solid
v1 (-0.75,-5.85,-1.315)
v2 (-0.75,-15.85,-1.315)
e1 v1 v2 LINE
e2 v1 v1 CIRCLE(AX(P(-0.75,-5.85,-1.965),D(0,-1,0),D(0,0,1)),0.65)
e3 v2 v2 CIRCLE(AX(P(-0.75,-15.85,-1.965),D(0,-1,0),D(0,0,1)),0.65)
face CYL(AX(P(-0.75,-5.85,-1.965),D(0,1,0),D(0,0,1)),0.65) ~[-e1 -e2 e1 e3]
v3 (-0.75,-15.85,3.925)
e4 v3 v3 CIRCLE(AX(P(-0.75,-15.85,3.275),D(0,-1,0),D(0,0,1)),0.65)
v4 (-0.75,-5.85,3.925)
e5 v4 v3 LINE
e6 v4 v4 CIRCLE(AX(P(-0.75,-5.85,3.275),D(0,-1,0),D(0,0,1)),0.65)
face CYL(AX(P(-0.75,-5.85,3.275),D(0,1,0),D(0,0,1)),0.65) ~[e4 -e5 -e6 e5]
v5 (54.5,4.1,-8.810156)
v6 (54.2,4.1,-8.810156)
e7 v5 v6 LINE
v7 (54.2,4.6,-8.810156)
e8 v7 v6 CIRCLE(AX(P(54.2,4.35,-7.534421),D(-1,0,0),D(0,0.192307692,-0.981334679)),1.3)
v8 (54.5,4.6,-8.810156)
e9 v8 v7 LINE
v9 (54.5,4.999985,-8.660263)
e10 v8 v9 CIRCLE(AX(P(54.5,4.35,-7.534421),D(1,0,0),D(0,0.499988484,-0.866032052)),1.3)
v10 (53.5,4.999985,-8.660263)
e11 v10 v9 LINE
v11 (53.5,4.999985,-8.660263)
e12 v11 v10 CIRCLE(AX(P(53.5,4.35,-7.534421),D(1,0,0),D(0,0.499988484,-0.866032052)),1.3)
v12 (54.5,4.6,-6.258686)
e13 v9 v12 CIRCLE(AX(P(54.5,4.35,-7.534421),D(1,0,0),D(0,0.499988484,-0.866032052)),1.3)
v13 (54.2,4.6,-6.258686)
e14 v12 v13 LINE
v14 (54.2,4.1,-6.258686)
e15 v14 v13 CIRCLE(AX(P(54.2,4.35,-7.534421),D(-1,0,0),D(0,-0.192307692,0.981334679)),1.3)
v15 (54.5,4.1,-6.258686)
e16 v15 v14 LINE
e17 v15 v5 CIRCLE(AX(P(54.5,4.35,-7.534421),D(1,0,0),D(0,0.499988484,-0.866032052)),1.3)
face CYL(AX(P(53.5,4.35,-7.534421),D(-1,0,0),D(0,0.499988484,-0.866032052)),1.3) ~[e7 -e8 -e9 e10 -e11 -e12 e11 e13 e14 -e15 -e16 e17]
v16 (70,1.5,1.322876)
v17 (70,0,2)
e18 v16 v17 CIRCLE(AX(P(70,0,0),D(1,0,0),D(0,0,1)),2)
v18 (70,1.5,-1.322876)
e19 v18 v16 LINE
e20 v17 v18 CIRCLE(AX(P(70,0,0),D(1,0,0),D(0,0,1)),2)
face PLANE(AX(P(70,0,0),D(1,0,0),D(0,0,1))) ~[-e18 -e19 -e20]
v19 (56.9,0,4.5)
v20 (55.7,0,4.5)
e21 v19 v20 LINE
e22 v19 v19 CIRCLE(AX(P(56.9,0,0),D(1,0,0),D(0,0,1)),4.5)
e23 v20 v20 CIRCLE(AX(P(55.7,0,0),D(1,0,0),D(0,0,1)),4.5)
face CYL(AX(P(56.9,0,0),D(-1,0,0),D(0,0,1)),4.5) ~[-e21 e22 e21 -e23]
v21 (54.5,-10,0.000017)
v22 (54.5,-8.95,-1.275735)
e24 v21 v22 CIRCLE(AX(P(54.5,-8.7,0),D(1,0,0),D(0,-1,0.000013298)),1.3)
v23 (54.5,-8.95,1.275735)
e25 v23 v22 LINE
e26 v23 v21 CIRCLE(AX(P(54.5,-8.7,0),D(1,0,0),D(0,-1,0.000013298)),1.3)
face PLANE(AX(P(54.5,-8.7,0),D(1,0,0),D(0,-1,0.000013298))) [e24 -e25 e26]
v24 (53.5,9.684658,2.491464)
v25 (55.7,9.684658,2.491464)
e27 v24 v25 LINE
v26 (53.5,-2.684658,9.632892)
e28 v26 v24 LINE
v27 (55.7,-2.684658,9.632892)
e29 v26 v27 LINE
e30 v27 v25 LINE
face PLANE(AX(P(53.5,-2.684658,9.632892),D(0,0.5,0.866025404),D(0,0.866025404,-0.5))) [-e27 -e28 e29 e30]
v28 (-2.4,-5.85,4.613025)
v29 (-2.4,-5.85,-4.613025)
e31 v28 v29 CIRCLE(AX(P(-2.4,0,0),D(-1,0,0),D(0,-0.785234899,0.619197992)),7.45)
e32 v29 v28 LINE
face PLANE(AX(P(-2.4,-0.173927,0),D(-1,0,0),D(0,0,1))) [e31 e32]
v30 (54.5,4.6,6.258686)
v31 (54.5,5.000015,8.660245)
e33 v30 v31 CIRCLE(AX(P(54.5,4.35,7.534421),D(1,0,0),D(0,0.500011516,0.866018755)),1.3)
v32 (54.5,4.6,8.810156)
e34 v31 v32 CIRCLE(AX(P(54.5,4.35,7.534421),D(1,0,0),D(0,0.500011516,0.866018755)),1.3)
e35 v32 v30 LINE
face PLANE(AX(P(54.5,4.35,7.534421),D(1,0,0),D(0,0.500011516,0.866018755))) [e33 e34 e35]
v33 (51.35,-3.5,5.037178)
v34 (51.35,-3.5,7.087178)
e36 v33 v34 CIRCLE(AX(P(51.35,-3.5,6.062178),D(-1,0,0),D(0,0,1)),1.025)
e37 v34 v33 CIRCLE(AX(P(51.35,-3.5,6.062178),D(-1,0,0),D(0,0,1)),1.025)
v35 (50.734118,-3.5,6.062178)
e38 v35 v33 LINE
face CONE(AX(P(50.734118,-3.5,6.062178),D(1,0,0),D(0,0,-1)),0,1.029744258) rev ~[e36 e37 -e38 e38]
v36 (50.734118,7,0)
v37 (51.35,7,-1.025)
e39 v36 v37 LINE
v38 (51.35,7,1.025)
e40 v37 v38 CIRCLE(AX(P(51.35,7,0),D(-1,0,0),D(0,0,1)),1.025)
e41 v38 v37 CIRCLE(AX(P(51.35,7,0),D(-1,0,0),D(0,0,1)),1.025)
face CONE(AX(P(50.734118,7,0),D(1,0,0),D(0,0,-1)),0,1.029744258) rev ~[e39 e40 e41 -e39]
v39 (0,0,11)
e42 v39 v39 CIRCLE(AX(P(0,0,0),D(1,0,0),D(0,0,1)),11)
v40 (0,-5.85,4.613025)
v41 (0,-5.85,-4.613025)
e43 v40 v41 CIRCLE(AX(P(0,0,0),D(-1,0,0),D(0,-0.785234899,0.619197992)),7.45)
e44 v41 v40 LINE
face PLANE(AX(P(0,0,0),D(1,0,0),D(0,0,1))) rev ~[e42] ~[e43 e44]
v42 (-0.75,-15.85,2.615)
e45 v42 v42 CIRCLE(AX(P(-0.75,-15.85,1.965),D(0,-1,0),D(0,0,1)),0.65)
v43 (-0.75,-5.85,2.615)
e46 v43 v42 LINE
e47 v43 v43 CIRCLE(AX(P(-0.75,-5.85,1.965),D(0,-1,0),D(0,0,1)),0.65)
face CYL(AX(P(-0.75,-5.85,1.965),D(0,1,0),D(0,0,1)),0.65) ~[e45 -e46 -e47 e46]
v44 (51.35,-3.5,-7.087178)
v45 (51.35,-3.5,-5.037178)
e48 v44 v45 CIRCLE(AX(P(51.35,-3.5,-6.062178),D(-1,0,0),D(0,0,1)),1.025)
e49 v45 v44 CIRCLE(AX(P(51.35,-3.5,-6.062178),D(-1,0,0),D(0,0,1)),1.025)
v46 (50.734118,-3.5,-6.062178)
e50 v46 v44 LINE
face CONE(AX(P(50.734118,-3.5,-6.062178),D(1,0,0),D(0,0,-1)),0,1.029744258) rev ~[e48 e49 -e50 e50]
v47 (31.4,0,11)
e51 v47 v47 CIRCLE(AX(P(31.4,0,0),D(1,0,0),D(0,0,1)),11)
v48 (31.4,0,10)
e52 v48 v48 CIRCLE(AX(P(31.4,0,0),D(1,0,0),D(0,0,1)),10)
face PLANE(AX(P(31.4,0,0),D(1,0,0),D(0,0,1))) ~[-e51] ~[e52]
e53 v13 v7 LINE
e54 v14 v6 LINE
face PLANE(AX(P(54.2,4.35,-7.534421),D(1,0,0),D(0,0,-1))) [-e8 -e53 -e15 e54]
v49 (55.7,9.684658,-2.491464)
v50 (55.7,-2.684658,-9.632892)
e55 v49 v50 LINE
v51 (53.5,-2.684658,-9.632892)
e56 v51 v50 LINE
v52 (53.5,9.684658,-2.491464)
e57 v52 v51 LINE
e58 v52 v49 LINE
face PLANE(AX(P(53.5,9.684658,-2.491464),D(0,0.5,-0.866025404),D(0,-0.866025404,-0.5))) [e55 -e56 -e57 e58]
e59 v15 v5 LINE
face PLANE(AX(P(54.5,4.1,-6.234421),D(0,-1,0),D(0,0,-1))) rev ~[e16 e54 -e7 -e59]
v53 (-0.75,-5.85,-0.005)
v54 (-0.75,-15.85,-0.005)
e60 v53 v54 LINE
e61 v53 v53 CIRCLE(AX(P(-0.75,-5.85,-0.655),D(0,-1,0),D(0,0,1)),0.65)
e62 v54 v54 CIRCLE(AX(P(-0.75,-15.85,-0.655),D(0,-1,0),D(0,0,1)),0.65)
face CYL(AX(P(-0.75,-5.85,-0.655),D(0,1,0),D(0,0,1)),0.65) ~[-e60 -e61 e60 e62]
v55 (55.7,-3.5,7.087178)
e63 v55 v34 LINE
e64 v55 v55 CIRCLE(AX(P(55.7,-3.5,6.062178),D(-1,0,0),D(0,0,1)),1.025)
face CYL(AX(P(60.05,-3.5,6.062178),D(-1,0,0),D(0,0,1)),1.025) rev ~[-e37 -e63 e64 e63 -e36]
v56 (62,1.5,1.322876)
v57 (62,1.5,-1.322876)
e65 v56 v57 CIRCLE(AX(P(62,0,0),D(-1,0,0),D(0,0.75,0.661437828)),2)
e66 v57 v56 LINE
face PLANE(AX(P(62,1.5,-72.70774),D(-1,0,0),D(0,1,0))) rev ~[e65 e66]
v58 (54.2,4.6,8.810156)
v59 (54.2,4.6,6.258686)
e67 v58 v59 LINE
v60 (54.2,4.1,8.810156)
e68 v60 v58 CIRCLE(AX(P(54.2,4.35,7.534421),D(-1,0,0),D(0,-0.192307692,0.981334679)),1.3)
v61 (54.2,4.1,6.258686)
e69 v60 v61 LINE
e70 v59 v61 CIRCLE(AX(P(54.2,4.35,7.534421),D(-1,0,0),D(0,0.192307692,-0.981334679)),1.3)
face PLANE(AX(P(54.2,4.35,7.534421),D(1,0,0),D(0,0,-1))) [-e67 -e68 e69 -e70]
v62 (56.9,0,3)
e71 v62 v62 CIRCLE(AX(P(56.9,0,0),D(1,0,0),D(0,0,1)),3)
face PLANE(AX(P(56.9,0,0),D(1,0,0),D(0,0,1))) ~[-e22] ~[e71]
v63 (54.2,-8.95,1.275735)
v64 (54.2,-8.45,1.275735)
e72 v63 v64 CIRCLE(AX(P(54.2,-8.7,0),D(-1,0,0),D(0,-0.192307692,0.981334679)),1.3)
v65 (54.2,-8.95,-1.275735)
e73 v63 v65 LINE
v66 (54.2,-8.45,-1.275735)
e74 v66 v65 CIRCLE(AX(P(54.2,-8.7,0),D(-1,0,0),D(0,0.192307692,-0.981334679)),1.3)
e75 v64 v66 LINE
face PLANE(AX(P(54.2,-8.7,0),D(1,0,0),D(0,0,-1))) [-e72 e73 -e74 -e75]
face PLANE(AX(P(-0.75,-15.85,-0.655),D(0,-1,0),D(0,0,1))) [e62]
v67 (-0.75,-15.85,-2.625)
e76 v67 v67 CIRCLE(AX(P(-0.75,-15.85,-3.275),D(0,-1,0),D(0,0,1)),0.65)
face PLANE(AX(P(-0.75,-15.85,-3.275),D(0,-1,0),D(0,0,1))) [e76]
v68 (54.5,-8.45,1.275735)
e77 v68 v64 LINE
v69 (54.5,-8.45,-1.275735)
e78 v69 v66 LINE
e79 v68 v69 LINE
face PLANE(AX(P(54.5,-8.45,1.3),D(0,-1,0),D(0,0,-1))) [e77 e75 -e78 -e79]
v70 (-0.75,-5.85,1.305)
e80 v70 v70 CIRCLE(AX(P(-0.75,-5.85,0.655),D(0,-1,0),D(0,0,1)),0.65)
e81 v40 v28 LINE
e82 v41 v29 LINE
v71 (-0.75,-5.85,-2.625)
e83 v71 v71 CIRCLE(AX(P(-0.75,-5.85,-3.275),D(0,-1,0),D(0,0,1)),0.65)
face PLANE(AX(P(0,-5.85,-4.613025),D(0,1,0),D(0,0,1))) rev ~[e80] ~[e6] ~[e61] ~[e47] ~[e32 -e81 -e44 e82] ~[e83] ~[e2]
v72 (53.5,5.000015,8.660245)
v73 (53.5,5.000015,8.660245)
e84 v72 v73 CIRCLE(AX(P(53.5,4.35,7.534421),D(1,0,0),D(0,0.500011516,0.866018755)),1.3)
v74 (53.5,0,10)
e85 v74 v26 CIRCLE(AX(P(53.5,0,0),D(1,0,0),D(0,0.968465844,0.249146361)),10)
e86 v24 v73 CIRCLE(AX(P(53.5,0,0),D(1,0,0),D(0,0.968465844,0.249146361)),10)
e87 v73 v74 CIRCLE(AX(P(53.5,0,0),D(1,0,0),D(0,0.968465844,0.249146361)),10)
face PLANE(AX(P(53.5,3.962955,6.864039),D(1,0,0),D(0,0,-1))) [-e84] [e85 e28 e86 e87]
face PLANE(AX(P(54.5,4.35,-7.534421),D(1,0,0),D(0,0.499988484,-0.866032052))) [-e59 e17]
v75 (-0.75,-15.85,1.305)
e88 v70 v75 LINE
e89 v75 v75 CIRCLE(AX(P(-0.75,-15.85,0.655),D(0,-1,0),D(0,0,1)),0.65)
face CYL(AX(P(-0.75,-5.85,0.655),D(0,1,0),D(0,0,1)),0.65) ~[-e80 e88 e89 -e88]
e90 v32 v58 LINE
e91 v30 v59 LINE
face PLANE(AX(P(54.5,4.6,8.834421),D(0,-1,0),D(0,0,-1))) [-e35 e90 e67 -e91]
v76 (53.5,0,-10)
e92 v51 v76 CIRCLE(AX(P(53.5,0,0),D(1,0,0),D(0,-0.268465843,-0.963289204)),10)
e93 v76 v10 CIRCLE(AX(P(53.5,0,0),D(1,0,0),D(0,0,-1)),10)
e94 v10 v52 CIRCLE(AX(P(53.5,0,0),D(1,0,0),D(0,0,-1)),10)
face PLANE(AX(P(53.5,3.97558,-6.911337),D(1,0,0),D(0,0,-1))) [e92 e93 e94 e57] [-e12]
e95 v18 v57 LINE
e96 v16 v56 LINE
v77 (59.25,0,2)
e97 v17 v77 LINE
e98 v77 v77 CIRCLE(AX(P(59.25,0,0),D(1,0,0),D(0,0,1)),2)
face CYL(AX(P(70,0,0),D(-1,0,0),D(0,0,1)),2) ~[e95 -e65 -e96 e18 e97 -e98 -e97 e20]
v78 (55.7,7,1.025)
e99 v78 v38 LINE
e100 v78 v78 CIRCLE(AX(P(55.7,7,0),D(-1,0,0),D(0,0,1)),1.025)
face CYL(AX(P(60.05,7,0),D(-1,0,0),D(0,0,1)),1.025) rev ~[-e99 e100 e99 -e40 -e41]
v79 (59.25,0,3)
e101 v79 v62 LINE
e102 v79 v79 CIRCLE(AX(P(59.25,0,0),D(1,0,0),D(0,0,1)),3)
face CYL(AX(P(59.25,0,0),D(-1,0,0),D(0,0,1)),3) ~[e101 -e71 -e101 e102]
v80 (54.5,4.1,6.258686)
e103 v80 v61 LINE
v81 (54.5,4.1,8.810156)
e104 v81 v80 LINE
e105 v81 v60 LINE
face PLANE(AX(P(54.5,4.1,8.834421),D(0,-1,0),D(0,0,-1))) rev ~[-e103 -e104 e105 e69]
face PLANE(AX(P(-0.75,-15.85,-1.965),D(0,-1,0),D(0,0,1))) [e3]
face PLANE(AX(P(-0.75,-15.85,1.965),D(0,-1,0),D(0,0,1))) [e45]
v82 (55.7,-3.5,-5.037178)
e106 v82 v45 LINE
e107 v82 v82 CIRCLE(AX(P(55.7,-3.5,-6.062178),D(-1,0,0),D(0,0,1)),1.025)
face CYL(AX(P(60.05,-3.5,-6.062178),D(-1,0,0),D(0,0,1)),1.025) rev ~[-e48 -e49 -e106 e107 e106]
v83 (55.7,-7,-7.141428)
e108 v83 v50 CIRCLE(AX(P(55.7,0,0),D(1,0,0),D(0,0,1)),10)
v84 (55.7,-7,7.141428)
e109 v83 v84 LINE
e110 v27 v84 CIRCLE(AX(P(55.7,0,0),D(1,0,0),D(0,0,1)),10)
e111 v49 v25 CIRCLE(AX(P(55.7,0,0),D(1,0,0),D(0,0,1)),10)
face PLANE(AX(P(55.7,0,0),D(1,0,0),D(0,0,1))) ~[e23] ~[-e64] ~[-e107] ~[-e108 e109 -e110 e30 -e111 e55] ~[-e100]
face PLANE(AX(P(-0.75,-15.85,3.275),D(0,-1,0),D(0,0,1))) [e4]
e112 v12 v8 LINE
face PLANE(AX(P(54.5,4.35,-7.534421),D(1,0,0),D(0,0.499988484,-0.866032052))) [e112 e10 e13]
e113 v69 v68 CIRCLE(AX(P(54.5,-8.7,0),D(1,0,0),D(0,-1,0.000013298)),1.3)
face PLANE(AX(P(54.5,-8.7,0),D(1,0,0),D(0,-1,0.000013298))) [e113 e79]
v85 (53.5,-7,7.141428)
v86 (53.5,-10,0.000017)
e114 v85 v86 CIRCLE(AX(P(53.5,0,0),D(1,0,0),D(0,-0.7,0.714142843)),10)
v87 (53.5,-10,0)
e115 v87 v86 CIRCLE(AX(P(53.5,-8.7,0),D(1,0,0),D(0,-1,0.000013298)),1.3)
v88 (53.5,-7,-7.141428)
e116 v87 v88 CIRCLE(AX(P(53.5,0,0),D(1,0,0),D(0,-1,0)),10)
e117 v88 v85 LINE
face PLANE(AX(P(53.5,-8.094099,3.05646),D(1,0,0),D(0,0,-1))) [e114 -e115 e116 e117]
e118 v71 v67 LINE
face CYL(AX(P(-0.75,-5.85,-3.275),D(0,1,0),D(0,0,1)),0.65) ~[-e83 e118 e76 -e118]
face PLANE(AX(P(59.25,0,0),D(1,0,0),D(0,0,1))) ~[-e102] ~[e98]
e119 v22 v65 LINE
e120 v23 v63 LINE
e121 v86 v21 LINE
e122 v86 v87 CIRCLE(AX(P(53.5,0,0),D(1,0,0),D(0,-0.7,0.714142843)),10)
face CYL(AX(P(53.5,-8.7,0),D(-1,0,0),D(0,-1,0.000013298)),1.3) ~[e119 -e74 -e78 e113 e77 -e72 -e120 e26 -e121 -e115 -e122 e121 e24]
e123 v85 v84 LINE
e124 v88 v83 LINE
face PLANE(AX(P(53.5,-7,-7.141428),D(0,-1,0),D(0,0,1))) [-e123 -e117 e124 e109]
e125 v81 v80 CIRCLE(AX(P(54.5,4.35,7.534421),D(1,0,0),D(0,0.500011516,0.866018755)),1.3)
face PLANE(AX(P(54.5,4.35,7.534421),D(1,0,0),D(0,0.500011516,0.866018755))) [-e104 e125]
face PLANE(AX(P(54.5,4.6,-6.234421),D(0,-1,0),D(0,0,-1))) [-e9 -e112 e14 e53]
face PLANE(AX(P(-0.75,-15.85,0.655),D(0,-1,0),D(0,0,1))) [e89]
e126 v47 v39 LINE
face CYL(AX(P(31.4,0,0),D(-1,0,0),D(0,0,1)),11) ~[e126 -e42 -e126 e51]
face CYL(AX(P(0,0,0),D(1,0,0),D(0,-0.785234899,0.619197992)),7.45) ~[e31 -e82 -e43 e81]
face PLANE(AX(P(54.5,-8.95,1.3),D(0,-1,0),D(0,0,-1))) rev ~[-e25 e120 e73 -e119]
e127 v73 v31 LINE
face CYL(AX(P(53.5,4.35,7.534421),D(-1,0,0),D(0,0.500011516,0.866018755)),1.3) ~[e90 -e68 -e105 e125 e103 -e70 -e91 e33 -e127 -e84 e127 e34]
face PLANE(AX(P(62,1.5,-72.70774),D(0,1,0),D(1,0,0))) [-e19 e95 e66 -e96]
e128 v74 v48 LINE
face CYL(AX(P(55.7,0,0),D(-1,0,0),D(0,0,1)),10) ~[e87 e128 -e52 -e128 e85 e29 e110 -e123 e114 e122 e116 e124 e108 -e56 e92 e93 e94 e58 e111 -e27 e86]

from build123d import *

# Parameters (mm, degrees)
TROU_TARAUD_M2_51_D          = 2.05
TROU_TARAUD_M2_51_DEPTH      = 4.35
TROU_TARAUD_M2_51_TIP        = 0.615882135
ENL_V_START                  = -2.2
ENL_V_MAT_EXTRU_1_DEPTH      = 2.2
ESQUISSE5_R                  = 1.3
BOSS_EXTRU_1_DEPTH           = 1
ESQUISSE6_W                  = 2.6
ESQUISSE6_H                  = 0.5
ENL_V_MAT_EXTRU_2_DEPTH      = 0.3
ENL_V_MAT_EXTRU_3_DEPTH      = 72.707740168
ENL_V_MAT_EXTRU_3_DEPTH_BACK = 72.707740168
ESQUISSE7_W                  = 8
ESQUISSE7_H                  = 0.5
BOSS_EXTRU_2_DEPTH           = 2.4
ESQUISSE9_R                  = 0.65
BOSS_EXTRU_3_DEPTH           = 10


with BuildPart() as part:
    # Esquisse1 → Révolution1 (revolve)
    with BuildSketch(Plane.XY, mode=Mode.PRIVATE) as r_volution1_sk:
        Polygon((70, 0), (70, 2), (59.25, 2), (59.25, 3), (56.9, 3), (56.9, 4.5), (55.7, 4.5), (55.7, 10), (31.4, 10), (31.4, 11), (0, 11), (0, 0), align=None)
    revolve(r_volution1_sk.sketch.rotate(Axis((0, 0, 0), (1, 0, 0)), 90), axis=Axis((0, 0, 0), (1, 0, 0)))

    # Trou taraudé M2.51
    with Locations(Plane(origin=(55.7, 0, 0), x_dir=(0, 0, -1), z_dir=(1, 0, 0))):
        with Locations((0, 7), (-6.062177826, -3.5), (6.062177826, -3.5)):
            Hole(TROU_TARAUD_M2_51_D / 2, depth=TROU_TARAUD_M2_51_DEPTH)
            with Locations((0, 0, -(TROU_TARAUD_M2_51_DEPTH + TROU_TARAUD_M2_51_TIP / 2))):  # 118° drill point
                Cone(0, TROU_TARAUD_M2_51_D / 2, TROU_TARAUD_M2_51_TIP, mode=Mode.SUBTRACT)

    # Esquisse4 → Enlèv. mat.-Extru.1 (cut)
    with BuildSketch(Plane(origin=(55.7, 0, 0), x_dir=(0, 0, -1), z_dir=(1, 0, 0)).offset(ENL_V_START)):
        with BuildLine():
            Line((-9.632892041, -2.684658438), (-2.491463612, 9.684658438))
            ThreePointArc((-2.491463612, 9.684658438), (-8.660254038, 5), (-9.632892041, -2.684658438))
        make_face()
        with BuildLine():
            Line((0, -7), (-7.141428429, -7))
            ThreePointArc((-7.141428429, -7), (-3.872983346, -9.219544457), (0, -10))
            Line((0, -10), (0, -7))
        make_face()
        with BuildLine():
            ThreePointArc((0, -10), (3.872983346, -9.219544457), (7.141428429, -7))
            Line((7.141428429, -7), (0, -7))
            Line((0, -7), (0, -10))
        make_face()
        with BuildLine():
            ThreePointArc((10, 0), (7.902994247, 6.127208332), (2.491463612, 9.684658438))
            Line((2.491463612, 9.684658438), (9.632892041, -2.684658438))
            ThreePointArc((9.632892041, -2.684658438), (9.907797949, -1.354820946), (10, 0))
        make_face()
    extrude(amount=ENL_V_MAT_EXTRU_1_DEPTH, mode=Mode.SUBTRACT)

    # Esquisse5 → Boss.-Extru.1 (add)
    with BuildSketch(Plane(origin=(53.5, 0, 0), x_dir=(0, 0, -1), z_dir=(1, 0, 0))):
        with Locations(Location((-7.534421013, 4.35, 0), (0, 0, 149.999238117))):
            Circle(ESQUISSE5_R)
        with Locations(Location((7.534421013, 4.35, 0), (0, 0, 29.999238117))):
            Circle(ESQUISSE5_R)
        with Locations(Location((0, -8.7, 0), (0, 0, 269.999238081))):
            Circle(ESQUISSE5_R)
    extrude(amount=BOSS_EXTRU_1_DEPTH)

    # Esquisse6 → Enlèv. mat.-Extru.2 (cut)
    with BuildSketch(Plane(origin=(54.5, 0, 0), x_dir=(0, 0, -1), z_dir=(1, 0, 0))):
        with Locations((-7.534421013, 4.35)):
            Rectangle(ESQUISSE6_W, ESQUISSE6_H)
        with Locations((7.534421013, 4.35)):
            Rectangle(ESQUISSE6_W, ESQUISSE6_H)
        with Locations((0, -8.7)):
            Rectangle(ESQUISSE6_W, ESQUISSE6_H)
    extrude(amount=-ENL_V_MAT_EXTRU_2_DEPTH, mode=Mode.SUBTRACT)

    # Esquisse7 → Enlèv. mat.-Extru.3 (cut, two sides: drawn at the far end of the back side and taken through both)
    with BuildSketch(Plane.XY.offset(-ENL_V_MAT_EXTRU_3_DEPTH_BACK)):
        with Locations((66, 1.75)):
            Rectangle(ESQUISSE7_W, ESQUISSE7_H)
    extrude(amount=ENL_V_MAT_EXTRU_3_DEPTH + ENL_V_MAT_EXTRU_3_DEPTH_BACK, mode=Mode.SUBTRACT)

    # Esquisse8 → Boss.-Extru.2 (add)
    with BuildSketch(Plane.ZY):
        with BuildLine():
            Line((-4.613025038, -5.85), (4.613025038, -5.85))
            ThreePointArc((4.613025038, -5.85), (0, 7.45), (-4.613025038, -5.85))
        make_face()
    extrude(amount=BOSS_EXTRU_2_DEPTH)

    # Esquisse9 → Boss.-Extru.3 (add)
    with BuildSketch(Plane.XZ.offset(5.85)):
        with Locations(Location((-0.75, 3.275, 0), (0, 0, 90))):
            Circle(ESQUISSE9_R)
        with Locations(Location((-0.75, 1.965, 0), (0, 0, 90))):
            Circle(ESQUISSE9_R)
        with Locations(Location((-0.75, 0.655, 0), (0, 0, 90))):
            Circle(ESQUISSE9_R)
        with Locations(Location((-0.75, -0.655, 0), (0, 0, 90))):
            Circle(ESQUISSE9_R)
        with Locations(Location((-0.75, -1.965, 0), (0, 0, 90))):
            Circle(ESQUISSE9_R)
        with Locations(Location((-0.75, -3.275, 0), (0, 0, 90))):
            Circle(ESQUISSE9_R)
    extrude(amount=BOSS_EXTRU_3_DEPTH)


solid = part.part
